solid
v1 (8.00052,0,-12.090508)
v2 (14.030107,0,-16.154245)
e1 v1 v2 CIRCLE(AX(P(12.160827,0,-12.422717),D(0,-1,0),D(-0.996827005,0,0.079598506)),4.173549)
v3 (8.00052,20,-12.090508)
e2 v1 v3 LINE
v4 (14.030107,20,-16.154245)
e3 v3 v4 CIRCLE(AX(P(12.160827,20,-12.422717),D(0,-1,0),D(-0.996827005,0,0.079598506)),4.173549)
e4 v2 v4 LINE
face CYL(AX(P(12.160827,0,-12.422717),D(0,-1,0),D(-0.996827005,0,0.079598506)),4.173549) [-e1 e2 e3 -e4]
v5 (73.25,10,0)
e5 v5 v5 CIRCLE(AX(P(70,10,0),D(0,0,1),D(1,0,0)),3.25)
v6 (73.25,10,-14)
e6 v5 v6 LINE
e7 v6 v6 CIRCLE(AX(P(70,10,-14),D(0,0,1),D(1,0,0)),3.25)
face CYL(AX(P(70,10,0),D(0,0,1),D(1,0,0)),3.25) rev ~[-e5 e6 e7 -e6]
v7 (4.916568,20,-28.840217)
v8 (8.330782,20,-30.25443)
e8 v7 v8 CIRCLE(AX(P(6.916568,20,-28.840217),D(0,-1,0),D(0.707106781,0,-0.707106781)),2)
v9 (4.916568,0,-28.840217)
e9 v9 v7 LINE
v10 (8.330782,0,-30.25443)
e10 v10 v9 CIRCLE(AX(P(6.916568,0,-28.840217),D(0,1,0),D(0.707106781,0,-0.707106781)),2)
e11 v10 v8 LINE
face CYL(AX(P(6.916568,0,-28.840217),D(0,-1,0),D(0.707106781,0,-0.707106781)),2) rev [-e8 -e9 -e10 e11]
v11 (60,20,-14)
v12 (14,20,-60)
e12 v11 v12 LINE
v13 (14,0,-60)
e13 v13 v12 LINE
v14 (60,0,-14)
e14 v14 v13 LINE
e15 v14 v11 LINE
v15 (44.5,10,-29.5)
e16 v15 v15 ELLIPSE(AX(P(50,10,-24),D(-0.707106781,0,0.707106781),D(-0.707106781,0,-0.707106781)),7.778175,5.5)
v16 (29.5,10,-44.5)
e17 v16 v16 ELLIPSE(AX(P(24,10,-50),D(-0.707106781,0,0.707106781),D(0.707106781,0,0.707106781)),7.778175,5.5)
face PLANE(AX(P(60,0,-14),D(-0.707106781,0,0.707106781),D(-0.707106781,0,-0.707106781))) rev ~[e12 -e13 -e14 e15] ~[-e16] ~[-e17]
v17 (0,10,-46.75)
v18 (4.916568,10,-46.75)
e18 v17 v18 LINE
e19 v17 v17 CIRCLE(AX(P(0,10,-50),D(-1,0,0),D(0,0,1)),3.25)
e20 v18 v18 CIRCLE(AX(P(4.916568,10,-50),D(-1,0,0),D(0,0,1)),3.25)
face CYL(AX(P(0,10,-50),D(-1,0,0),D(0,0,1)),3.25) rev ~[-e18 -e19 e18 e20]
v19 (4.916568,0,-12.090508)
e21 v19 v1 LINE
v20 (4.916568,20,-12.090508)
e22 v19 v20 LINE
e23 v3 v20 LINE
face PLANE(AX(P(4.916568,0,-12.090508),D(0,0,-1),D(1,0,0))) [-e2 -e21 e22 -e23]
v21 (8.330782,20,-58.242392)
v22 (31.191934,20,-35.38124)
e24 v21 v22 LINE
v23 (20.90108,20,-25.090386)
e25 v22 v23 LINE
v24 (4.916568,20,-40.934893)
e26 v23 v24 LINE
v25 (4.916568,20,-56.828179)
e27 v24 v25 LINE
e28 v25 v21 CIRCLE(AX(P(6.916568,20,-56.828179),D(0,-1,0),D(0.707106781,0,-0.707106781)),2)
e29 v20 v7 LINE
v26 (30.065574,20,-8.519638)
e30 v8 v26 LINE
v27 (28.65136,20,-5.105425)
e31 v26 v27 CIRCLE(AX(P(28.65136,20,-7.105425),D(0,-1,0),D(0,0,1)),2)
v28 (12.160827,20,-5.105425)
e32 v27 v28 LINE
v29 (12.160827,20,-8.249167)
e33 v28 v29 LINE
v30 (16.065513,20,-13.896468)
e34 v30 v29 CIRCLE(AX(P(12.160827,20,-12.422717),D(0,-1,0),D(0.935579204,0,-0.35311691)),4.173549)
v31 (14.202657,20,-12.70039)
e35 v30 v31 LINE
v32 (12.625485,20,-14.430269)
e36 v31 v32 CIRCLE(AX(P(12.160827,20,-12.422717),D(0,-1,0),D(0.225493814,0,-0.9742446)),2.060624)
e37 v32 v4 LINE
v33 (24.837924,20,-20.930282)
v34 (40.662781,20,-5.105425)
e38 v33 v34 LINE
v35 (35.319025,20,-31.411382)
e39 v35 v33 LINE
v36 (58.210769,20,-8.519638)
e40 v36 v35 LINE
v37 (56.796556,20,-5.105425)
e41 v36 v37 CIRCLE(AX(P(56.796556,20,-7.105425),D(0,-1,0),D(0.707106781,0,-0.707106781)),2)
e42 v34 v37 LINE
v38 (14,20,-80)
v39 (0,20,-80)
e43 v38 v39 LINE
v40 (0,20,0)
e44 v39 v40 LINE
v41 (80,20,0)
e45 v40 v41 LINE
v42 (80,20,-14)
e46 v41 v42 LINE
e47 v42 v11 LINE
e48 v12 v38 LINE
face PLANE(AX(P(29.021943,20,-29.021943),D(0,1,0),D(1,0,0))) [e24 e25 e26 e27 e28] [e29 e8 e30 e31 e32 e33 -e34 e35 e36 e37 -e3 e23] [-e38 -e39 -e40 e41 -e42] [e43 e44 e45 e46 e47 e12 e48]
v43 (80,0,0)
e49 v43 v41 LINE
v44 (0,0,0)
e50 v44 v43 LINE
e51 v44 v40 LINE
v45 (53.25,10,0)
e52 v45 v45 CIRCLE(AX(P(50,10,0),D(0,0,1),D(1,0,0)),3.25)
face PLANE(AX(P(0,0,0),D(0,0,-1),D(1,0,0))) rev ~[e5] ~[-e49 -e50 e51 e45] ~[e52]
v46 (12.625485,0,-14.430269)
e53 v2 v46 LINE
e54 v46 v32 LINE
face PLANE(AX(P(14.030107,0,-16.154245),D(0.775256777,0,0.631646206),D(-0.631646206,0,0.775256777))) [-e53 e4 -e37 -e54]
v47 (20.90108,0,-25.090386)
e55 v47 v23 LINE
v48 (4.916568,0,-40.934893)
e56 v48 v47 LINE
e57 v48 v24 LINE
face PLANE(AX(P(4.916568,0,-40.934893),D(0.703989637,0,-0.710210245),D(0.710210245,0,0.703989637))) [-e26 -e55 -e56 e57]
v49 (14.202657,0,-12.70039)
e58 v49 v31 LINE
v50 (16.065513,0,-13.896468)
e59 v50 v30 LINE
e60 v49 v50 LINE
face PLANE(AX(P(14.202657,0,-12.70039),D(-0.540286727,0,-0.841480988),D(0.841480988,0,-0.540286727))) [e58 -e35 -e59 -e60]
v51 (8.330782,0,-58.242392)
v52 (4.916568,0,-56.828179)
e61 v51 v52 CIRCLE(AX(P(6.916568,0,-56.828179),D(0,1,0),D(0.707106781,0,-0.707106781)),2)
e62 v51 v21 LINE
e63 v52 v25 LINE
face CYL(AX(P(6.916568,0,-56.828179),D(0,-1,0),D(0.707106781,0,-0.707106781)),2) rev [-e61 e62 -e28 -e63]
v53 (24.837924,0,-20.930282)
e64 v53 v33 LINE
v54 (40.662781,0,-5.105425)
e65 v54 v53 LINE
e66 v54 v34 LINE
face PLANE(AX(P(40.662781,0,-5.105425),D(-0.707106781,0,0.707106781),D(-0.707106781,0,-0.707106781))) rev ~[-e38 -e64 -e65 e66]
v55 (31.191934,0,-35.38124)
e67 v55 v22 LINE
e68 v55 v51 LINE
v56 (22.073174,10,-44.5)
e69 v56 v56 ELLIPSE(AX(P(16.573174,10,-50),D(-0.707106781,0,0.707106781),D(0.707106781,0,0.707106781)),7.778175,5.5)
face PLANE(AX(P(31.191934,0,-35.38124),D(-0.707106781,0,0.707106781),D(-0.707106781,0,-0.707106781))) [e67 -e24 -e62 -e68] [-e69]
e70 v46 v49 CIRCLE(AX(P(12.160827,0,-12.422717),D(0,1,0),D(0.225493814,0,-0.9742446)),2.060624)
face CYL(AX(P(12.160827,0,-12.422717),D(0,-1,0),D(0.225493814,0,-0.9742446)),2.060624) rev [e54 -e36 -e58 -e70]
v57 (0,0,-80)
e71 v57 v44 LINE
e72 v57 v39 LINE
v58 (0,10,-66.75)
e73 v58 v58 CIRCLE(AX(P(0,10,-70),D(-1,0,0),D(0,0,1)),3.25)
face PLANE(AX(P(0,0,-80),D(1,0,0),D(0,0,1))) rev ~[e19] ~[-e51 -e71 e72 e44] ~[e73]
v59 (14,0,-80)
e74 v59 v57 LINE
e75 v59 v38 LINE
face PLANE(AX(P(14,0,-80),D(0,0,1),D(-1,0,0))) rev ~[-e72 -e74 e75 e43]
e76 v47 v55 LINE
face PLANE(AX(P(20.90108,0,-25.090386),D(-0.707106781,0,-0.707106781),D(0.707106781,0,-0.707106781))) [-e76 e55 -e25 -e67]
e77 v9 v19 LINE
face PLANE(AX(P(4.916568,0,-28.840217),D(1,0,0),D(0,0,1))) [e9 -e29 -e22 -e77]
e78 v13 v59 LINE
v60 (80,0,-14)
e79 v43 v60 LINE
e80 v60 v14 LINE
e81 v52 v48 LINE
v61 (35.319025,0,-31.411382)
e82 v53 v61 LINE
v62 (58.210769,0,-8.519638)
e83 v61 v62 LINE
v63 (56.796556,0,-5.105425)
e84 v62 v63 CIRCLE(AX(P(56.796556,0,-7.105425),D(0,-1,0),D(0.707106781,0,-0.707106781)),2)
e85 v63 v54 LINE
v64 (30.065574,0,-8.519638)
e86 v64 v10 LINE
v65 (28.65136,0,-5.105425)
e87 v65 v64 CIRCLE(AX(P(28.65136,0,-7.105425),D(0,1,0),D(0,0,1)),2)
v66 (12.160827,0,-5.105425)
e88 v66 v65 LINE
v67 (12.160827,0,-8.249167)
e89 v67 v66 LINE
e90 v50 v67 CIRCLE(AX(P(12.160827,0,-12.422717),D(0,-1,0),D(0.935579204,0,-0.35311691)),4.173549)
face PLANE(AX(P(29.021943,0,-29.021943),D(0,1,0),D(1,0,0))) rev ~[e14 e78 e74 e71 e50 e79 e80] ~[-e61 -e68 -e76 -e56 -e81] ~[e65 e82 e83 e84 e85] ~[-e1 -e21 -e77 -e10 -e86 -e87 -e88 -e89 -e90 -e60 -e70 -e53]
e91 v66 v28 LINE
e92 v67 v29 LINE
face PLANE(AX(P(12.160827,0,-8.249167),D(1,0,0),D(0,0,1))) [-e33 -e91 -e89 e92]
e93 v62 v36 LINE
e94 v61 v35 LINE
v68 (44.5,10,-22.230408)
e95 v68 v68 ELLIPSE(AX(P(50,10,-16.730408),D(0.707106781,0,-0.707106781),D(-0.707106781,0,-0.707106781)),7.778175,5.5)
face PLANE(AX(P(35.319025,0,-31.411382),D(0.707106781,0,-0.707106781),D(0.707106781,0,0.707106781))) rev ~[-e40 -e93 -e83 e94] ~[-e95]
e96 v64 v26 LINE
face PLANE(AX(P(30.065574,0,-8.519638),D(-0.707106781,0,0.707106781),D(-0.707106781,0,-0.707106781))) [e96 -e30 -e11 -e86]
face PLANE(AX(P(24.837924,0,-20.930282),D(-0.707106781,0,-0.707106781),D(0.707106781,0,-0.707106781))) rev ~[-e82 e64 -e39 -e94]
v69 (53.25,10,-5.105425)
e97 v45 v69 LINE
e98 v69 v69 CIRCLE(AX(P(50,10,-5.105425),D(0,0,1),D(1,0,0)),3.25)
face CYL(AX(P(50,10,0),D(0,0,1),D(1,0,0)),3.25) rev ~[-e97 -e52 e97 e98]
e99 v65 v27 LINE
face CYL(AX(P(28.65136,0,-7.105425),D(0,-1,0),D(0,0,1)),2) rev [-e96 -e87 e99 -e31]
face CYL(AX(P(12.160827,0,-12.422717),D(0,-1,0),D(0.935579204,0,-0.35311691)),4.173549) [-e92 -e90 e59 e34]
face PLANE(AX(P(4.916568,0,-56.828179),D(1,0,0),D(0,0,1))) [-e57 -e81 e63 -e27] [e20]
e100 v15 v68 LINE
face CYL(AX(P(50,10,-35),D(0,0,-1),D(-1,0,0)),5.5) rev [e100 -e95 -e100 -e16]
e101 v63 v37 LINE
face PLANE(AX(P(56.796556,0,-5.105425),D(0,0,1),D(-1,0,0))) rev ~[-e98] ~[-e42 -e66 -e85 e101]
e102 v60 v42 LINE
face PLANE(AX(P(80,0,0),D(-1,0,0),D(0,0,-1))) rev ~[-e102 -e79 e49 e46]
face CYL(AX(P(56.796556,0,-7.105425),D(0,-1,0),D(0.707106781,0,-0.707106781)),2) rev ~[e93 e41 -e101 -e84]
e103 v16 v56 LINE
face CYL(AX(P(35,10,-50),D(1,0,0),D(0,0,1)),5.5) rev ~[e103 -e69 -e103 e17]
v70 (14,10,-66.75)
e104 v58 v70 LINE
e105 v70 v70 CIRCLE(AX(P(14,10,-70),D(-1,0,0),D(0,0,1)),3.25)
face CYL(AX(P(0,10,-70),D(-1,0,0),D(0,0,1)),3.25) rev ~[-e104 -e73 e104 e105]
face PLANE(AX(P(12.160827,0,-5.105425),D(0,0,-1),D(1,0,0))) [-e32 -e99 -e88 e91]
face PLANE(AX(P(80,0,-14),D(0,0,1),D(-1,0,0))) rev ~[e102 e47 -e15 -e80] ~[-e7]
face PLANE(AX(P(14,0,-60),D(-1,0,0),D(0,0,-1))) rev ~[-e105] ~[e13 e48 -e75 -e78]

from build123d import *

# Parameters (mm, degrees)
EXTRUDE_1_DEPTH     = 20
SKETCH_2_R          = 3.25
CUT_EXTRUDE_1_DEPTH = 115.891252931
SKETCH_3_R          = 3.25
CUT_EXTRUDE_2_DEPTH = 115.891252931
CUT_EXTRUDE_3_DEPTH = 115.891252931
SKETCH_7_R          = 5.5
CUT_EXTRUDE_4_DEPTH = 25
SKETCH_8_R          = 5.5
CUT_EXTRUDE_5_DEPTH = 25


with BuildPart() as part:
    # 草图1 → 凸台-拉伸1 (new body)
    with BuildSketch(Plane(origin=(0, 0, 0), x_dir=(1, 0, 0), z_dir=(0, 1, 0))):
        Polygon((0, 80), (0, 0), (80, 0), (80, 14), (60, 14), (14, 60), (14, 80), align=None)
    extrude(amount=EXTRUDE_1_DEPTH)

    # 草图2 → 切除-拉伸1 (cut, through all)
    with BuildSketch(Plane.ZY):
        with Locations((-70, 10)):
            Circle(SKETCH_2_R)
        with Locations((-50, 10)):
            Circle(SKETCH_2_R)
    extrude(amount=-CUT_EXTRUDE_1_DEPTH, mode=Mode.SUBTRACT)

    # 草图3 → 切除-拉伸2 (cut, through all)
    with BuildSketch(Plane.XY):
        with Locations((70, 10)):
            Circle(SKETCH_3_R)
        with Locations((50, 10)):
            Circle(SKETCH_3_R)
    extrude(amount=-CUT_EXTRUDE_2_DEPTH, mode=Mode.SUBTRACT)

    # 草图4 → 切除-拉伸3 (cut, through all)
    with BuildSketch(Plane.XZ):
        with BuildLine():
            Line((20.901080392, -25.090385961), (31.191934333, -35.381239902))
            Line((31.191934333, -35.381239902), (8.330781791, -58.242392444))
            ThreePointArc((8.330781791, -58.242392444), (6.151201363, -58.675937947), (4.916568228, -56.828178882))
            Line((4.916568228, -56.828178882), (4.916568228, -40.934892559))
            Line((4.916568228, -40.934892559), (20.901080392, -25.090385961))
        make_face()
        with BuildLine():
            Line((24.837924499, -20.930281625), (35.319025282, -31.411382408))
            Line((35.319025282, -31.411382408), (58.210769263, -8.519638426))
            ThreePointArc((58.210769263, -8.519638426), (58.644314766, -6.340057999), (56.796555701, -5.105424864))
            Line((56.796555701, -5.105424864), (40.662781261, -5.105424864))
            Line((40.662781261, -5.105424864), (24.837924499, -20.930281625))
        make_face()
        with BuildLine():
            Line((12.160826912, -5.105424864), (28.651360093, -5.105424864))
            ThreePointArc((28.651360093, -5.105424864), (30.499119158, -6.340057999), (30.065573655, -8.519638426))
            Line((30.065573655, -8.519638426), (8.330781791, -30.254430291))
            ThreePointArc((8.330781791, -30.254430291), (6.151201363, -30.687975793), (4.916568228, -28.840216728))
            Line((4.916568228, -28.840216728), (4.916568228, -12.090508469))
            Line((4.916568228, -12.090508469), (8.000520281, -12.090508469))
            ThreePointArc((8.000520281, -12.090508469), (9.82829842, -15.883616127), (14.030107382, -16.154245149))
            Line((14.030107382, -16.154245149), (12.625484958, -14.430268904))
            ThreePointArc((12.625484958, -14.430268904), (10.638085741, -11.03439689), (14.202657003, -12.700390319))
            Line((14.202657003, -12.700390319), (16.06551283, -13.896467584))
            ThreePointArc((16.06551283, -13.896467584), (15.593703645, -10.049139087), (12.160826912, -8.249167474))
            Line((12.160826912, -8.249167474), (12.160826912, -5.105424864))
        make_face()
    extrude(amount=-CUT_EXTRUDE_3_DEPTH, mode=Mode.SUBTRACT)

    # 草图7 → 切除-拉伸4 (cut)
    with BuildSketch(Plane.XY.offset(-35)):
        with Locations(Location((50, 10, 0), (0, 0, 180))):
            Circle(SKETCH_7_R)
    extrude(amount=CUT_EXTRUDE_4_DEPTH, mode=Mode.SUBTRACT)

    # 草图8 → 切除-拉伸5 (cut)
    with BuildSketch(Plane(origin=(35, 0, 0), x_dir=(0, 0, -1), z_dir=(1, 0, 0))):
        with Locations(Location((50, 10, 0), (0, 0, 180))):
            Circle(SKETCH_8_R)
    extrude(amount=-CUT_EXTRUDE_5_DEPTH, mode=Mode.SUBTRACT)


solid = part.part
